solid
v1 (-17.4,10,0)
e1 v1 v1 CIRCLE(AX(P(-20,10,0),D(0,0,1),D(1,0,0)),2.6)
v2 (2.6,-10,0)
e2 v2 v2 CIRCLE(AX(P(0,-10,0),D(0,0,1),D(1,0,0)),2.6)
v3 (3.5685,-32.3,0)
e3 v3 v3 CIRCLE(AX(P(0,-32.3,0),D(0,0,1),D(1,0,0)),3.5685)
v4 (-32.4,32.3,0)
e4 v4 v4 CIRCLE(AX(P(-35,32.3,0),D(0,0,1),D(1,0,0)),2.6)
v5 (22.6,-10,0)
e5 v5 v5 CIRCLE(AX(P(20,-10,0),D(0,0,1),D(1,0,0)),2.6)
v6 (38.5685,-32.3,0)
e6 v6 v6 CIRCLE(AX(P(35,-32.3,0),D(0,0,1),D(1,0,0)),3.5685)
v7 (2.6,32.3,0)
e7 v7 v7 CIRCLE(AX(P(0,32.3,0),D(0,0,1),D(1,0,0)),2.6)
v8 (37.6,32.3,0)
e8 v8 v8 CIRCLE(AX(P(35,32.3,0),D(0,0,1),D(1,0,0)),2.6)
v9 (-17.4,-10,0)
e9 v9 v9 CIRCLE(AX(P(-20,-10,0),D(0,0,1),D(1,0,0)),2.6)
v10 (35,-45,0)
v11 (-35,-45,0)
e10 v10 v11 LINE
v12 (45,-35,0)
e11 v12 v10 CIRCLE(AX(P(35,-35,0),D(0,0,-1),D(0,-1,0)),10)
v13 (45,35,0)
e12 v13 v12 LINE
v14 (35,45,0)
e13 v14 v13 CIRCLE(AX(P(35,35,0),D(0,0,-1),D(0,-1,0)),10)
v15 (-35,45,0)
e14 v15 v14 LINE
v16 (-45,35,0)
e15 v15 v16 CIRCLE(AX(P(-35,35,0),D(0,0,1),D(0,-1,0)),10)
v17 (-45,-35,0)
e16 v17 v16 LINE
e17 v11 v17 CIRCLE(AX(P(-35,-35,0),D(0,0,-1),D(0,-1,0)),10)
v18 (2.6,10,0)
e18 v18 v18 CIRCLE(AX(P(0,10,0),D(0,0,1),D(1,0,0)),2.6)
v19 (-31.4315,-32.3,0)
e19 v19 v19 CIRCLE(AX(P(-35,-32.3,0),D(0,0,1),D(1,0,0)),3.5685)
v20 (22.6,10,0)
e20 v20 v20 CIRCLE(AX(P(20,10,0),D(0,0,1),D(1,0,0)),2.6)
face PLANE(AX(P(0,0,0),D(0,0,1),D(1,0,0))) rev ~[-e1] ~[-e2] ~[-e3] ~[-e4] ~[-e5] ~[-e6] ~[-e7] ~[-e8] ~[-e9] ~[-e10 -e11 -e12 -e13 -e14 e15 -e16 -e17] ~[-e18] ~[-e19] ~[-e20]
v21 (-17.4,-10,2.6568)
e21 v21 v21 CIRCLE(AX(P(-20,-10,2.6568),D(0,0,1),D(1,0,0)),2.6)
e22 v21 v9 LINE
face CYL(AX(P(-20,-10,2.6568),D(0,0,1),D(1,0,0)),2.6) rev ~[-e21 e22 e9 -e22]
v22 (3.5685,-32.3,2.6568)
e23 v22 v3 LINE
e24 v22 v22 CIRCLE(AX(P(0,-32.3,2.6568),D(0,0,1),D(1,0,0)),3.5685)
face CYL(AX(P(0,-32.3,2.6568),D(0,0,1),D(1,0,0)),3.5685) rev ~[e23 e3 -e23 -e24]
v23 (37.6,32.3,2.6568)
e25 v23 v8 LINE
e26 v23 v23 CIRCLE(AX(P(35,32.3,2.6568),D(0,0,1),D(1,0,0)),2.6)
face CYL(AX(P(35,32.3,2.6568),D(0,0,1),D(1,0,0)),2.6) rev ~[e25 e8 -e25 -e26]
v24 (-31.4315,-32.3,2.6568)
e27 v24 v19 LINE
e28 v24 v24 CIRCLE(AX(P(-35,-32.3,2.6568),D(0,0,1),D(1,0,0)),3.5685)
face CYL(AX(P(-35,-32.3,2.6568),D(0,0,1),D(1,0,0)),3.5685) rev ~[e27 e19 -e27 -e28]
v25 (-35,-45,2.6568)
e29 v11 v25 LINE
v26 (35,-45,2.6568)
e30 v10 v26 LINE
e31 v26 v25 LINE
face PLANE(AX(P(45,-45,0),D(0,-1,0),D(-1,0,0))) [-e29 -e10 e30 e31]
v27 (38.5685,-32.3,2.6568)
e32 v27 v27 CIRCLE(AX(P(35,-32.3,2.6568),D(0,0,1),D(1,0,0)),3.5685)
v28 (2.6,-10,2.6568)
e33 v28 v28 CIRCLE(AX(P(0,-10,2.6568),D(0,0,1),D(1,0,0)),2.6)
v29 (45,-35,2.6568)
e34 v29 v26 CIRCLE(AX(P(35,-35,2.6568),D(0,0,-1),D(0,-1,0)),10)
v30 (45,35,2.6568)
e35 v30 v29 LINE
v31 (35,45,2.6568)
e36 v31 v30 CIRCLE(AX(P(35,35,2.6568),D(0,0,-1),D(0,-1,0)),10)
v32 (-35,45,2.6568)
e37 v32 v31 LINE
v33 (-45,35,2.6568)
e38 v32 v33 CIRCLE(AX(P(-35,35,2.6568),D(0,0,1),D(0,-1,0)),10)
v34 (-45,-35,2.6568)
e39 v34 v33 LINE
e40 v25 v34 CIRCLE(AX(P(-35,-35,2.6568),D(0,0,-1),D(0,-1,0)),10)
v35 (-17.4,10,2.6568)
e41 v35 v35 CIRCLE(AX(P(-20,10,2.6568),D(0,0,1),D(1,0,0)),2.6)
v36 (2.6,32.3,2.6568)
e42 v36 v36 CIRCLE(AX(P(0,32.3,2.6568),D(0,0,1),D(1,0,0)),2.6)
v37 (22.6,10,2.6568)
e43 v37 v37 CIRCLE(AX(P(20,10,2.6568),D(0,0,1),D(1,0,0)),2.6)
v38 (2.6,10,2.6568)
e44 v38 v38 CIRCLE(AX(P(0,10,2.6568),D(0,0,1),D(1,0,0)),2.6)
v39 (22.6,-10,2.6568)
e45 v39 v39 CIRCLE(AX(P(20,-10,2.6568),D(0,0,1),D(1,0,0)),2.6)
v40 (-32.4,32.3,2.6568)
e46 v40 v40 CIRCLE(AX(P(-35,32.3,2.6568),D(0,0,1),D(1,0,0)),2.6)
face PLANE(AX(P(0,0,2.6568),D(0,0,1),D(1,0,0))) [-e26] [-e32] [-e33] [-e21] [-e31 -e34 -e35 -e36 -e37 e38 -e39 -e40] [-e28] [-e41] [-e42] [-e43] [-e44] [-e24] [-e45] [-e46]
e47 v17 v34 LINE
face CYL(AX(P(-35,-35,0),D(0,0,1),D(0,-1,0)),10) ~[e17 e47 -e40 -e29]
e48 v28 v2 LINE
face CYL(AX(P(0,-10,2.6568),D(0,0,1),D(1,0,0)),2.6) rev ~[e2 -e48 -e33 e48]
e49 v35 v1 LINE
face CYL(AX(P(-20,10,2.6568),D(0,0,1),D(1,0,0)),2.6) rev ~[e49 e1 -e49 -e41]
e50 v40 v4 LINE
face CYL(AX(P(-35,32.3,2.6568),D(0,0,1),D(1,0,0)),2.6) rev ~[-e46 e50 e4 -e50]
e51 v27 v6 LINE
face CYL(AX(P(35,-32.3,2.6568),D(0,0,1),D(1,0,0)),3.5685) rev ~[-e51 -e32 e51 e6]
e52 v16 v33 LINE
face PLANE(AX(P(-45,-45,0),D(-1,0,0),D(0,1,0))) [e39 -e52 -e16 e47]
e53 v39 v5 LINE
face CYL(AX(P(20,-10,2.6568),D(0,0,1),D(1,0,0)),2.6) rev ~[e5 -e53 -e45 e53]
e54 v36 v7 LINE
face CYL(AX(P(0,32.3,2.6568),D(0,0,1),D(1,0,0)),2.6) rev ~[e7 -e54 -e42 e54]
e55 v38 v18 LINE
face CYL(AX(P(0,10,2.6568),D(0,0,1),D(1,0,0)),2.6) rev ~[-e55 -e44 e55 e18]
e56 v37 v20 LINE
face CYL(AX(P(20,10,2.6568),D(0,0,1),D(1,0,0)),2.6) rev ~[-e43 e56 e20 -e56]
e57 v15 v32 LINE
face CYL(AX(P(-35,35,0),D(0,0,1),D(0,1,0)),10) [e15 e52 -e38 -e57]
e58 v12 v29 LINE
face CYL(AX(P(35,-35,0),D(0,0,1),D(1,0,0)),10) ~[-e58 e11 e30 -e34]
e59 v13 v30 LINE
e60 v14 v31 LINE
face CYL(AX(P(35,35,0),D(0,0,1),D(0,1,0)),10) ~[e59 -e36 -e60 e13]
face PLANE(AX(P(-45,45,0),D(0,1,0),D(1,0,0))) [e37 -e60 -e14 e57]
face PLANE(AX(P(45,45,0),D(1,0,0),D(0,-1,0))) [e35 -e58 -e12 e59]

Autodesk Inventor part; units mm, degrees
ref_plane "YZ Plane" through (0, 0, 0) normal (1, 0, 0) x (0, 1, 0)
ref_plane "XZ Plane" through (0, 0, 0) normal (0, 1, 0) x (-1, 0, 0)
ref_plane "XY Plane" through (0, 0, 0) normal (0, 0, 1) x (1, 0, 0)
sketch "Sketch1" plane through (0, 0, 0) normal (0, 0, 1) x (1, 0, 0)
  line L0 (-45, 45) -> (45, 45)
  line L1 (45, 45) -> (45, -45)
  line L2 (45, -45) -> (-45, -45)
  line L3 (-45, -45) -> (-45, 45)
  point P0 (0, 0)
  dimension "d0" = 90
  dimension "d1" = 90
  dimension "d2" = 45
  dimension "d3" = 45
extrude "Extrusion1" add sketch "Sketch1" along normal blind 2.6568
fillet "Fillet1" radius 10 4 edges at (45, 45, 1.3284) (-45, 45, 1.3284) (45, -45, 1.3284) (-45, -45, 1.3284)
sketch "Sketch2" plane through (0, 0, 2.6568) normal (0, 0, 1) x (1, 0, 0)
  line L0 (45, 35) -> (45, -35) projected
  line L1 (-35, 45) -> (35, 45) projected
  circle A0 centre (35, 32.3) radius 2.6
  circle A1 centre (35, -32.3) radius 3.5685
  point P0 (0, 0)
  dimension "d7" = 5.2
  dimension "d8" = 10
  dimension "d10" = 7.137
  dimension "d12" = 10
  dimension "d52" = 64.6
  dimension "d53" = 12.7
extrude "Extrusion2" cut sketch "Sketch2" against normal through all
pattern_linear "Rectangular Pattern1" count 3 spacing 35 along (-1, 0, 0) of "Extrusion2"
sketch "Sketch3" plane through (0, 0, 2.6568) normal (0, 0, 1) x (1, 0, 0)
  line L0 (35, -45) -> (-35, -45) projected
  line L1 (-45, -35) -> (-45, 35) projected
  circle A0 centre (-20, -10) radius 2.6
  point P0 (0, 0)
  dimension "d18" = 5.2
  dimension "d19" = 25
  dimension "d20" = 35
extrude "Extrusion3" cut sketch "Sketch3" against normal through all
pattern_linear "Rectangular Pattern2" count 3 spacing 20 along (1, 0, 0) count 2 spacing 20 along (0, 1, 0) of "Extrusion3"
equation "\"d2\" = 0.5 * d0"
equation "\"d3\" = 0.5 * d1"
properties part number "spindle_mount_plate" material "Steel, Mild"
